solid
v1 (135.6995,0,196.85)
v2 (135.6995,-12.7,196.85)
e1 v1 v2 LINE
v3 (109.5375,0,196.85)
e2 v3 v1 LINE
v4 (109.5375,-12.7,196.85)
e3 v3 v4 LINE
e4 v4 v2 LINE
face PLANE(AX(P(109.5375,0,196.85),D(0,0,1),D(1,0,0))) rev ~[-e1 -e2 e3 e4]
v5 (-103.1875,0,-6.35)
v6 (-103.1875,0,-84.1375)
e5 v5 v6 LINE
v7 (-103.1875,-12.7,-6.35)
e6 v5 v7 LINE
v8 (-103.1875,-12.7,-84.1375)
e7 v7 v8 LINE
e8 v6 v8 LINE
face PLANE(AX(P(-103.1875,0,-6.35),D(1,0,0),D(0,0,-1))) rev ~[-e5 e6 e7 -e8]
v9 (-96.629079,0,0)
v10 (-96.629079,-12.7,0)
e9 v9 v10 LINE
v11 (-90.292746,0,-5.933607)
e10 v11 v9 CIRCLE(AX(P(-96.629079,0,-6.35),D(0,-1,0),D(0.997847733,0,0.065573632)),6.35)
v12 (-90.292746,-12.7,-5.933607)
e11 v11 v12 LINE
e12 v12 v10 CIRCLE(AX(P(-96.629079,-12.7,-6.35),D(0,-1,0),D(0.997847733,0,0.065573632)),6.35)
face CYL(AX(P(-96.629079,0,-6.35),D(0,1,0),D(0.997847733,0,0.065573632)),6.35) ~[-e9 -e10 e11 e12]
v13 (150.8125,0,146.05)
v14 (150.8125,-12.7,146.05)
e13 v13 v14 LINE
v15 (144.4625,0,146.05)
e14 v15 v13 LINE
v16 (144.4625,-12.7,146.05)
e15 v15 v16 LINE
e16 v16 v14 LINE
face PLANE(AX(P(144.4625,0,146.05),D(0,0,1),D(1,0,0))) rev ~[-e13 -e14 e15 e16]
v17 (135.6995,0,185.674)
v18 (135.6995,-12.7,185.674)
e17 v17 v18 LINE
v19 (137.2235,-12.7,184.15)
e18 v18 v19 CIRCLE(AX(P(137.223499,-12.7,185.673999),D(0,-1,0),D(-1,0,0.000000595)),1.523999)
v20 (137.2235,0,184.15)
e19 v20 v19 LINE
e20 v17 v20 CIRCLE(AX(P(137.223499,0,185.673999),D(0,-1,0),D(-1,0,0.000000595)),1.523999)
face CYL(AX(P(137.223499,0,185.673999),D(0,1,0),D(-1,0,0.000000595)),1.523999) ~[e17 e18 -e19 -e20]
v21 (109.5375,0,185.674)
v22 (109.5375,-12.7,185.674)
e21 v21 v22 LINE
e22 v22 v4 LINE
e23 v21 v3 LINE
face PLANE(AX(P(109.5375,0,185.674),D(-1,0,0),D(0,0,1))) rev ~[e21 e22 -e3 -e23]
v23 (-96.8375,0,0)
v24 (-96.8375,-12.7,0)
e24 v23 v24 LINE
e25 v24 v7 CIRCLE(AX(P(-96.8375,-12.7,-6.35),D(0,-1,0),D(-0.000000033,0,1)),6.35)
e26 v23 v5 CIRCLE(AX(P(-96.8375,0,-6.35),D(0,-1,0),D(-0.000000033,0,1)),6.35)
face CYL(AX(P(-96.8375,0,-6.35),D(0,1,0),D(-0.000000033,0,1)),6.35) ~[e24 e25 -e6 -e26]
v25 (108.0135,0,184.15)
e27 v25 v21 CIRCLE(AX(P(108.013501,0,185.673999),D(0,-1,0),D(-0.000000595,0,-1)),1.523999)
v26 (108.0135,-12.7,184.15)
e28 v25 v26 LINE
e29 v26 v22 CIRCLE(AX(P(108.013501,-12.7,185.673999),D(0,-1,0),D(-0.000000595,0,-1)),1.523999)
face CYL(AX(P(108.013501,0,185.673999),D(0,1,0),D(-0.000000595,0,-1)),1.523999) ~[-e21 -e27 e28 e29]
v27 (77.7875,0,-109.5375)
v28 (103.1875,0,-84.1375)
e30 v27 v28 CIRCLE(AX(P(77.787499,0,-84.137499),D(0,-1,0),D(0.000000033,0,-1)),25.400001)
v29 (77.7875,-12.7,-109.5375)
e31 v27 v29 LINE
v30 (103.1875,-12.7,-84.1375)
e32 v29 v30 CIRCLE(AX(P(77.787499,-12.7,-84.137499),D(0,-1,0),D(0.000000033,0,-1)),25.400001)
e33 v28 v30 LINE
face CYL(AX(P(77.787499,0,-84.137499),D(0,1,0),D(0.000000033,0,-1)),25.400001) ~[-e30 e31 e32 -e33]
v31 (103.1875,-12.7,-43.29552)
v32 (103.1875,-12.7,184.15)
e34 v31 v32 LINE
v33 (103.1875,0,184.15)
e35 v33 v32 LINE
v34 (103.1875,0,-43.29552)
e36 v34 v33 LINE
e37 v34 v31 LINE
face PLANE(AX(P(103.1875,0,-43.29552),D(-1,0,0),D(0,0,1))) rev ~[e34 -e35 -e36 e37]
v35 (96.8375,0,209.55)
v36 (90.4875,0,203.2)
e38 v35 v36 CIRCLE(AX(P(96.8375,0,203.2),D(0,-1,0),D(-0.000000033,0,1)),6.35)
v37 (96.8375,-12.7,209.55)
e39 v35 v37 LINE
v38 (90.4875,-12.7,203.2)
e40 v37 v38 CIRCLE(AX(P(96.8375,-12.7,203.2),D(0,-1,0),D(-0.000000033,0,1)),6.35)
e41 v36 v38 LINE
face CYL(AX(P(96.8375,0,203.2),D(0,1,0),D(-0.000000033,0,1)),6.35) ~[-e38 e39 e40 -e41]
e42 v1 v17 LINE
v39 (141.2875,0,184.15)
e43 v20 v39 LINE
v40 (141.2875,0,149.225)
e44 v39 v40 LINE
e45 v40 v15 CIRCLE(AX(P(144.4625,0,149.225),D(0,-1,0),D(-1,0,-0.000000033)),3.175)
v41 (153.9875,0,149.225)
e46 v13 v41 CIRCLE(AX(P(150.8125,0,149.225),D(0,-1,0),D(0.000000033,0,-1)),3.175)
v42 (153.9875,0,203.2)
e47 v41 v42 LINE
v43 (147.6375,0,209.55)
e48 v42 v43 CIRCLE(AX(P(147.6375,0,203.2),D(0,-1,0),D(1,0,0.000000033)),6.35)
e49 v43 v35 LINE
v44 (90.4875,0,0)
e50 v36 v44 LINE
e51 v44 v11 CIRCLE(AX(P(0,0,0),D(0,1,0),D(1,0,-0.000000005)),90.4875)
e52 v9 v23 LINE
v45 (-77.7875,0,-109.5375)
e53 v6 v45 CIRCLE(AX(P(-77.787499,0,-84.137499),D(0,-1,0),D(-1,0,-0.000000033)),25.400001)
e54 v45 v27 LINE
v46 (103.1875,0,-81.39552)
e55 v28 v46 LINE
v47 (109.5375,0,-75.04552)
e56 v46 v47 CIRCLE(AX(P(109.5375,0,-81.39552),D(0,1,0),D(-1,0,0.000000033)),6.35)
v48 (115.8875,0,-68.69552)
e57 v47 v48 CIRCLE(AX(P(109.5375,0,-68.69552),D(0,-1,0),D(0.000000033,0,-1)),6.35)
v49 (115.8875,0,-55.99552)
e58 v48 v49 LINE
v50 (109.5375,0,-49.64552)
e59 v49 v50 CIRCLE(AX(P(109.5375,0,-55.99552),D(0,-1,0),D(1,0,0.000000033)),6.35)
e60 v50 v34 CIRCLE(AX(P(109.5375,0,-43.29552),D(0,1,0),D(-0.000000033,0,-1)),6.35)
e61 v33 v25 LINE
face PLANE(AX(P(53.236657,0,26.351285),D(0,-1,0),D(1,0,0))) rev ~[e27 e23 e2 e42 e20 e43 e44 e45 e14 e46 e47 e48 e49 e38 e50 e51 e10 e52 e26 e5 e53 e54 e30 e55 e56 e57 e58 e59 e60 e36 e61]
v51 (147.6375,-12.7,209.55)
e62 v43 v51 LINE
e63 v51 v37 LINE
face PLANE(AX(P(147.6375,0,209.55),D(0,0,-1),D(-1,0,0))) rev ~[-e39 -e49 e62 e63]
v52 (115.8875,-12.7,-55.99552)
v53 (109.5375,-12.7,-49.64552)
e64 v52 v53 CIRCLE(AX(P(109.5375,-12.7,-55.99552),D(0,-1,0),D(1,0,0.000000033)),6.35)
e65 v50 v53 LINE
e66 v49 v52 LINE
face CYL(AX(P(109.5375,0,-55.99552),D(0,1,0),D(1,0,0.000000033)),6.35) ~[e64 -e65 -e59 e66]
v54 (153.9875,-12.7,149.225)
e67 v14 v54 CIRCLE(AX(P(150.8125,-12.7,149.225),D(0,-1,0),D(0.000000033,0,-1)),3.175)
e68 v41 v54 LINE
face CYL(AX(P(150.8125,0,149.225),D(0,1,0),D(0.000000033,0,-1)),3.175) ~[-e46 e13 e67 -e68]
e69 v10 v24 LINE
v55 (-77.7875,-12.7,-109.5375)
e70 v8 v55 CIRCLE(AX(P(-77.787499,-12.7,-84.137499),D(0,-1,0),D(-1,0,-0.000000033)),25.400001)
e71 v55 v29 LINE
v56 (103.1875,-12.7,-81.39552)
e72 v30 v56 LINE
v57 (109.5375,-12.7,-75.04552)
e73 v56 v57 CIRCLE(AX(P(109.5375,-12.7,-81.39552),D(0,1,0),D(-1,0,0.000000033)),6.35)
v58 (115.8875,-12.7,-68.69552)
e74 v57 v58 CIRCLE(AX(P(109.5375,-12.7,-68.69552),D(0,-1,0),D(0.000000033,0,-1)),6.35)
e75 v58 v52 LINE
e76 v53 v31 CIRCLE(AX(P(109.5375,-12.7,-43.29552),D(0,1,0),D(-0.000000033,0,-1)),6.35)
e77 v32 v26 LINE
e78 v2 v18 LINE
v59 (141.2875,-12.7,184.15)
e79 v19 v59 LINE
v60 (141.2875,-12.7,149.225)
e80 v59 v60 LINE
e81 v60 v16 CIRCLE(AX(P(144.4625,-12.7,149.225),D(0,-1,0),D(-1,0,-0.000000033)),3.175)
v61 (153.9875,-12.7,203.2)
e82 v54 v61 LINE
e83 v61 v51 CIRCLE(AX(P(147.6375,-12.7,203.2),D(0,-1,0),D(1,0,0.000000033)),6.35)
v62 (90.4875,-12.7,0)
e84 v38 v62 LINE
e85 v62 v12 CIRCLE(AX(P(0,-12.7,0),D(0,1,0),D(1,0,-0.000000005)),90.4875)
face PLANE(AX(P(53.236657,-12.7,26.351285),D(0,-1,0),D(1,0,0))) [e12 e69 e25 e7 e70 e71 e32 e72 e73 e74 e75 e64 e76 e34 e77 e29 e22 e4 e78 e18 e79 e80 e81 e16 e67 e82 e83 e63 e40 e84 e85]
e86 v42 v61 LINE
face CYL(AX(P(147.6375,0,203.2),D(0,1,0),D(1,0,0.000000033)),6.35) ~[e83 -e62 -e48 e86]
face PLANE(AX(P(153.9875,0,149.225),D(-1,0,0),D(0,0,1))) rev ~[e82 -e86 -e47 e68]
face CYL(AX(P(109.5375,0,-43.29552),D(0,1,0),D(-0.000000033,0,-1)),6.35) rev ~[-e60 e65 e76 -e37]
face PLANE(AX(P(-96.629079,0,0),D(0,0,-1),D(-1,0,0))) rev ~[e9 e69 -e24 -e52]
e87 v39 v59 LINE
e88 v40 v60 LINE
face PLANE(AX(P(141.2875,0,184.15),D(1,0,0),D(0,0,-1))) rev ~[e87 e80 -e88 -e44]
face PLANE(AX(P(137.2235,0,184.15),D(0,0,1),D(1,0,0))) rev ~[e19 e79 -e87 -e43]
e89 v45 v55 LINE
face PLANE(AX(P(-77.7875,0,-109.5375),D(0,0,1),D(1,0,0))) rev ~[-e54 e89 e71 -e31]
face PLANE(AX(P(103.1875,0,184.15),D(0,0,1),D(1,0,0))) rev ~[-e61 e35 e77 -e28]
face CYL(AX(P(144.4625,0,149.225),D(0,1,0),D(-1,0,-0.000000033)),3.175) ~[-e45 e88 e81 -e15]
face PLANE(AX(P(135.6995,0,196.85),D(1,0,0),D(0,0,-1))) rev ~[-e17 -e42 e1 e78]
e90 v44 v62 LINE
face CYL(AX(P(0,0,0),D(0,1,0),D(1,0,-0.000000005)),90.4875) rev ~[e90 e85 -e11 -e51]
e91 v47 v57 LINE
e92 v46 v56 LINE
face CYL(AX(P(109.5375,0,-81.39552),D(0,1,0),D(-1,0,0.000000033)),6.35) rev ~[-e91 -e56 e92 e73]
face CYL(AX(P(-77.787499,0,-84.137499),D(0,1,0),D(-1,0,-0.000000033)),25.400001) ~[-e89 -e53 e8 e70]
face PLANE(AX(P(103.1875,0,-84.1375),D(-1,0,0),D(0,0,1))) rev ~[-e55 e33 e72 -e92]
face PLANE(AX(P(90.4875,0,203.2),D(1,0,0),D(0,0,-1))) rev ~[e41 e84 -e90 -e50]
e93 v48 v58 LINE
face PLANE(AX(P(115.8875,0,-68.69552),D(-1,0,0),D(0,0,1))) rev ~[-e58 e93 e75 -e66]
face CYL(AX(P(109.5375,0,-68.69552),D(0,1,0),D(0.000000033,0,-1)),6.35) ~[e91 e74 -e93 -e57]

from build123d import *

# Parameters (mm, degrees)
F1_DEPTH = 12.7


with BuildPart() as f1:
    # F0 (on Front) → F1 (new body)
    with BuildSketch(Plane.XZ):
        with BuildLine():
            ThreePointArc((90.4875, 0), (2.968401, -90.438798), (-90.292746, -5.933607))
            ThreePointArc((-90.292746, -5.933607), (-92.288664, -1.714992), (-96.629079, 0))
            Line((-96.629079, 0), (-96.8375, 0))
            ThreePointArc((-96.8375, 0), (-101.327628, -1.859872), (-103.1875, -6.35))
            Line((-103.1875, -6.35), (-103.1875, -84.1375))
            ThreePointArc((-103.1875, -84.1375), (-95.748012, -102.098012), (-77.7875, -109.5375))
            Line((-77.7875, -109.5375), (77.7875, -109.5375))
            ThreePointArc((77.7875, -109.5375), (95.748012, -102.098012), (103.1875, -84.1375))
            Line((103.1875, -84.1375), (103.1875, -81.39552))
            ThreePointArc((103.1875, -81.39552), (105.047372, -76.905392), (109.5375, -75.04552))
            ThreePointArc((109.5375, -75.04552), (114.027628, -73.185648), (115.8875, -68.69552))
            Line((115.8875, -68.69552), (115.8875, -55.99552))
            ThreePointArc((115.8875, -55.99552), (114.027628, -51.505392), (109.5375, -49.64552))
            ThreePointArc((109.5375, -49.64552), (105.047372, -47.785648), (103.1875, -43.29552))
            Line((103.1875, -43.29552), (103.1875, 184.15))
            Line((103.1875, 184.15), (108.0135, 184.15))
            ThreePointArc((108.0135, 184.15), (109.091131, 184.596369), (109.5375, 185.674))
            Line((109.5375, 185.674), (109.5375, 196.85))
            Line((109.5375, 196.85), (135.6995, 196.85))
            Line((135.6995, 196.85), (135.6995, 185.674))
            ThreePointArc((135.6995, 185.674), (136.145869, 184.596369), (137.2235, 184.15))
            Line((137.2235, 184.15), (141.2875, 184.15))
            Line((141.2875, 184.15), (141.2875, 149.225))
            ThreePointArc((141.2875, 149.225), (142.217436, 146.979936), (144.4625, 146.05))
            Line((144.4625, 146.05), (150.8125, 146.05))
            ThreePointArc((150.8125, 146.05), (153.057564, 146.979936), (153.9875, 149.225))
            Line((153.9875, 149.225), (153.9875, 203.2))
            ThreePointArc((153.9875, 203.2), (152.127628, 207.690128), (147.6375, 209.55))
            Line((147.6375, 209.55), (96.8375, 209.55))
            ThreePointArc((96.8375, 209.55), (92.347372, 207.690128), (90.4875, 203.2))
            Line((90.4875, 203.2), (90.4875, 0))
        make_face()
    extrude(amount=F1_DEPTH)


solid = f1.part
